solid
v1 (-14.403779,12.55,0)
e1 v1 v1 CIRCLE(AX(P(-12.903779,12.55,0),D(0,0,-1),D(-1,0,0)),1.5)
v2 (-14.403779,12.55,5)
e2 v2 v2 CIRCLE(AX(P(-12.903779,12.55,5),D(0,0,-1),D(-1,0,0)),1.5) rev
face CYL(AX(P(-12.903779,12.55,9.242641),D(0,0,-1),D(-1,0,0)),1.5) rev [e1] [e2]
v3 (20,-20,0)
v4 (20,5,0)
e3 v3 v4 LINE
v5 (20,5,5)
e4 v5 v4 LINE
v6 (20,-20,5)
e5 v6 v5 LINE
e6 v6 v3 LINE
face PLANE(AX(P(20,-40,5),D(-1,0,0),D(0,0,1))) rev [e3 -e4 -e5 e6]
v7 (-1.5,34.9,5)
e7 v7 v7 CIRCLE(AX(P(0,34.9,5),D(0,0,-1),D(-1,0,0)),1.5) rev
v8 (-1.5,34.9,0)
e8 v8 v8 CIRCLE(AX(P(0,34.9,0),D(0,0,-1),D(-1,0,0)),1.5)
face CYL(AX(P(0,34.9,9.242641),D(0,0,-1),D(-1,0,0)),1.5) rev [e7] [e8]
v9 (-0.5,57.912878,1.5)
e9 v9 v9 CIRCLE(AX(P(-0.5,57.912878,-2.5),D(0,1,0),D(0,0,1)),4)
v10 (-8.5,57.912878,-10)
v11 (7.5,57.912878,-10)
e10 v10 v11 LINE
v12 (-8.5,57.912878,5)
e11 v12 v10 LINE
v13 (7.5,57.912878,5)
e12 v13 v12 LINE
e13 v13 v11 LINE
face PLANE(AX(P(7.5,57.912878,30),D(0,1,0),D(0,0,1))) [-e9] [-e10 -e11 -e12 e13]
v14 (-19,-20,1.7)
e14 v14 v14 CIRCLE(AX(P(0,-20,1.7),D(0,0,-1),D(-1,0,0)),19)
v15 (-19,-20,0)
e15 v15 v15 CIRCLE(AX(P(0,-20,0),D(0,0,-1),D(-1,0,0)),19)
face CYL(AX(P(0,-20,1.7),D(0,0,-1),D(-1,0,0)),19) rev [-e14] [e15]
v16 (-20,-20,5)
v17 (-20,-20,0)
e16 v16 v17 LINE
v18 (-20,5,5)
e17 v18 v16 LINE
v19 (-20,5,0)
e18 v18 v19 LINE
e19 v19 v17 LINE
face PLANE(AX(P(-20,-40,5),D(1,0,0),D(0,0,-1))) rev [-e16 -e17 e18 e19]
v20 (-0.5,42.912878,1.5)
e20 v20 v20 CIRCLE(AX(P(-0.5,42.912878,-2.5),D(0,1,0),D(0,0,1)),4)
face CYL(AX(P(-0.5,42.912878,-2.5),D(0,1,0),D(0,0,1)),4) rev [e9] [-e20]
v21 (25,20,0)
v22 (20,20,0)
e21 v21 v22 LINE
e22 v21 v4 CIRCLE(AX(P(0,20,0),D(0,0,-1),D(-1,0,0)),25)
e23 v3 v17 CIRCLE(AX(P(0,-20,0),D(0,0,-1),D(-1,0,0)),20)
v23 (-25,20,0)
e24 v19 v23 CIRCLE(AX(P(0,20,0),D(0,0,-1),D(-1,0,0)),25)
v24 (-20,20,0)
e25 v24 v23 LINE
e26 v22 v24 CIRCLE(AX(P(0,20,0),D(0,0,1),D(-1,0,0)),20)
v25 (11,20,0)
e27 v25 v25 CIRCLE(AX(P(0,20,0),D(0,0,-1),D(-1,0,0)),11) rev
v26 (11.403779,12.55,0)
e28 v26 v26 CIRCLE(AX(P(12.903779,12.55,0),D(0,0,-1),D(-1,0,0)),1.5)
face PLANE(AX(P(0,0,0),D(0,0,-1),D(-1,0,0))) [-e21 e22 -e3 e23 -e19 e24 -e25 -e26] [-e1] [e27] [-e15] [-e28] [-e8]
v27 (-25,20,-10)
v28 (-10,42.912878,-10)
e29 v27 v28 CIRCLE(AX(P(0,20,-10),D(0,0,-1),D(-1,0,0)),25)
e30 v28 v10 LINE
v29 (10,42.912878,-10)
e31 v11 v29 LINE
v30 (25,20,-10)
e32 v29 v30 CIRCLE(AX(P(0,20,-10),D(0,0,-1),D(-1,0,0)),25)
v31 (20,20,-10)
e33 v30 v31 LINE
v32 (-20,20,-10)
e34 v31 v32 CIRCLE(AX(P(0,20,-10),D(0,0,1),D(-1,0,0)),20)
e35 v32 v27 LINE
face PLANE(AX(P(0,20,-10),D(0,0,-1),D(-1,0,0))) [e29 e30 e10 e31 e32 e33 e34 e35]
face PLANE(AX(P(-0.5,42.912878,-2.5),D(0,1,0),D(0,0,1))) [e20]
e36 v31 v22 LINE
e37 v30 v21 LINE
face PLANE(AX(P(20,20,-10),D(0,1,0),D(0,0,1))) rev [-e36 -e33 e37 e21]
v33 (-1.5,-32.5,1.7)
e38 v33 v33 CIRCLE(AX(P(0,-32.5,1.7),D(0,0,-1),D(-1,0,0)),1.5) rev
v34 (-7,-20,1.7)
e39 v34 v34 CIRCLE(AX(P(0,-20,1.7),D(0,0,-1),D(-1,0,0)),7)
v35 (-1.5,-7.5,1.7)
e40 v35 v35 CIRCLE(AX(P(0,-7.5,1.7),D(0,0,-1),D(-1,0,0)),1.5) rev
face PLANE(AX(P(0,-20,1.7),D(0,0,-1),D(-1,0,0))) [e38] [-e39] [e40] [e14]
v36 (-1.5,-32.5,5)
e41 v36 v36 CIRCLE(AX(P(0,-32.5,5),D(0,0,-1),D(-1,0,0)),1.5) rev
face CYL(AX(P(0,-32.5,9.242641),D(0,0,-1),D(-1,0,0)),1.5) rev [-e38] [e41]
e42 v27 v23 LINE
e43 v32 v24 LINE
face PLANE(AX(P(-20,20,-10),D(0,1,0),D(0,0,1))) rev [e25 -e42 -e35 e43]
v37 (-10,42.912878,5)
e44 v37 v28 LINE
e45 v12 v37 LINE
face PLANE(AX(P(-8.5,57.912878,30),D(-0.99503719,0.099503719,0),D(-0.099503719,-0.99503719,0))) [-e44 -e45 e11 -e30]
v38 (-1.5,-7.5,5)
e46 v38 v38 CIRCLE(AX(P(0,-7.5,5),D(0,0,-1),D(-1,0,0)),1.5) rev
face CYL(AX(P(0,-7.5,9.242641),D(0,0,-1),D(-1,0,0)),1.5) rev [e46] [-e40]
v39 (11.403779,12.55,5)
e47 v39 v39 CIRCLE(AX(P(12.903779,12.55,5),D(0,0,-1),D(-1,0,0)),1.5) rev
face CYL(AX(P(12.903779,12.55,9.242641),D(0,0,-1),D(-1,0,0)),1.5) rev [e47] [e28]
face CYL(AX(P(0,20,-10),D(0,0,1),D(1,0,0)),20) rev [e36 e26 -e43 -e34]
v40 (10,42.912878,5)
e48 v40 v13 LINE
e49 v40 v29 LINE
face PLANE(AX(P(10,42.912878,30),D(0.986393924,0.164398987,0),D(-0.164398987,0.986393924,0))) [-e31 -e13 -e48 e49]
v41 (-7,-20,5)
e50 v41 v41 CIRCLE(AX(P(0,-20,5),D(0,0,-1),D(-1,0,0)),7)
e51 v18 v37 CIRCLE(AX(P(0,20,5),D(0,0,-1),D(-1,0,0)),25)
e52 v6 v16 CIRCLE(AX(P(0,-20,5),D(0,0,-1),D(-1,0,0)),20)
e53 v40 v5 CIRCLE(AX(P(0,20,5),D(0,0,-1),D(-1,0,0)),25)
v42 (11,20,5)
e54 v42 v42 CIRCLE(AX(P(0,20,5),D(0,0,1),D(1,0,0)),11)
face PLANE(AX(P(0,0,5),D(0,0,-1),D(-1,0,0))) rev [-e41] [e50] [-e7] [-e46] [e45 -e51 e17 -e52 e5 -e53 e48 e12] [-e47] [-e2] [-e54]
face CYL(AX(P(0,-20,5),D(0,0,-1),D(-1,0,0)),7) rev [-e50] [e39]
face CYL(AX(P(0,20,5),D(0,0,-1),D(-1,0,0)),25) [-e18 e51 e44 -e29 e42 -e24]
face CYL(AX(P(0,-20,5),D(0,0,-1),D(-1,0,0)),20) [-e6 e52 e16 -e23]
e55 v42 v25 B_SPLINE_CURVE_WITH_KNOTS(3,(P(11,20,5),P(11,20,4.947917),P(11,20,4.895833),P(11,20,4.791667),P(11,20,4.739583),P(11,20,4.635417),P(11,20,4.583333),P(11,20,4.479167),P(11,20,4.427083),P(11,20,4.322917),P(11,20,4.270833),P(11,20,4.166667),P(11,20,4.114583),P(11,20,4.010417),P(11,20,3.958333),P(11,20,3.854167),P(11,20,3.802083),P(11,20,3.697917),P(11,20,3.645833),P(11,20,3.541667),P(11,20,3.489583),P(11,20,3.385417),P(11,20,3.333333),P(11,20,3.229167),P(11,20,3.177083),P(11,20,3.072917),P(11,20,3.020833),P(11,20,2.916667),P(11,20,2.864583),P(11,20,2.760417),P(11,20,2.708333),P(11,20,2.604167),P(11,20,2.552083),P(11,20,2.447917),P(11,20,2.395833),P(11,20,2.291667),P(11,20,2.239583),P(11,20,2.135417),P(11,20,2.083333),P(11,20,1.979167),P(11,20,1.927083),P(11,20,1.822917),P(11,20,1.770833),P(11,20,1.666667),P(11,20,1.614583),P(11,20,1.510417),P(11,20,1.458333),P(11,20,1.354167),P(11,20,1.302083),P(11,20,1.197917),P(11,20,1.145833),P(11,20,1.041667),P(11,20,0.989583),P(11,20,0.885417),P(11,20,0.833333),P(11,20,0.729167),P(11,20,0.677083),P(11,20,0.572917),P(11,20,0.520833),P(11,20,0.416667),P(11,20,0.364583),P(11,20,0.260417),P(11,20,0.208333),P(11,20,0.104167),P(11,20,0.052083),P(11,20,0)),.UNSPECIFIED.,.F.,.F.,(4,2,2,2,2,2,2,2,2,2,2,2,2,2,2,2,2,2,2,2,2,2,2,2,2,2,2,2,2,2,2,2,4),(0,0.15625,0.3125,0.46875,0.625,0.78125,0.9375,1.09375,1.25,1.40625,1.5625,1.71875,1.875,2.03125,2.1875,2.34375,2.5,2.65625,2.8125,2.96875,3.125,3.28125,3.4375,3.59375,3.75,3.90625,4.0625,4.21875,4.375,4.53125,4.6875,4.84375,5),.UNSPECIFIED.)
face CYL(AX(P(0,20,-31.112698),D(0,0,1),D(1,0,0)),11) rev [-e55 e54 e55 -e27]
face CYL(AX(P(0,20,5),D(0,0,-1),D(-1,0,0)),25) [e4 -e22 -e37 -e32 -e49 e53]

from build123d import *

# Parameters (mm, degrees)
SKETCH1_W           = 40
SKETCH1_H           = 80
BOSS_EXTRUDE1_DEPTH = 5
SKETCH2_R           = 11
CUT_EXTRUDE1_DEPTH  = 5
SKETCH3_R           = 1.5
CUT_EXTRUDE2_DEPTH  = 5
SKETCH4_R           = 1.5
CUT_EXTRUDE3_DEPTH  = 5
SKETCH6_R           = 19
CUT_EXTRUDE4_DEPTH  = 1.7
SKETCH7_R           = 7
CUT_EXTRUDE5_DEPTH  = 45.842948164
CUT_EXTRUDE6_DEPTH  = 46
BOSS_EXTRUDE2_DEPTH = 5
BOSS_EXTRUDE3_START = 10
BOSS_EXTRUDE3_DEPTH = 10
BOSS_EXTRUDE4_DEPTH = 15
SKETCH12_R          = 3
CUT_EXTRUDE7_DEPTH  = 15
SKETCH13_R          = 4
CUT_EXTRUDE8_DEPTH  = 15


with BuildPart() as part:
    # Sketch1 → Boss-Extrude1 (new body)
    with BuildSketch(Plane.XY):
        Rectangle(SKETCH1_W, SKETCH1_H)
    extrude(amount=BOSS_EXTRUDE1_DEPTH)

    # Sketch2 → Cut-Extrude1 (cut)
    with BuildSketch(Plane.XY.offset(5)):
        with Locations((0, 20)):
            Circle(SKETCH2_R)
    extrude(amount=-CUT_EXTRUDE1_DEPTH, mode=Mode.SUBTRACT)

    # Sketch3 → Cut-Extrude2 (cut)
    with BuildSketch(Plane(origin=(0, 0, 0), x_dir=(-1, 0, 0), z_dir=(0, 0, -1))):
        with Locations((0, 34.9)):
            Circle(SKETCH3_R)
        with Locations((12.903778516, 12.55)):
            Circle(SKETCH3_R)
        with Locations((-12.903778516, 12.55)):
            Circle(SKETCH3_R)
    extrude(amount=-CUT_EXTRUDE2_DEPTH, mode=Mode.SUBTRACT)

    # Sketch4 → Cut-Extrude3 (cut)
    with BuildSketch(Plane(origin=(0, 0, 0), x_dir=(-1, 0, 0), z_dir=(0, 0, -1))):
        with Locations((0, -7.5)):
            Circle(SKETCH4_R)
        with Locations((0, -32.5)):
            Circle(SKETCH4_R)
    extrude(amount=-CUT_EXTRUDE3_DEPTH, mode=Mode.SUBTRACT)

    # Sketch6 → Cut-Extrude4 (cut)
    with BuildSketch(Plane(origin=(0, 0, 0), x_dir=(-1, 0, 0), z_dir=(0, 0, -1))):
        with Locations((0, -20)):
            Circle(SKETCH6_R)
    extrude(amount=-CUT_EXTRUDE4_DEPTH, mode=Mode.SUBTRACT)

    # Sketch7 → Cut-Extrude5 (cut, through all)
    with BuildSketch(Plane(origin=(0, 0, 1.7), x_dir=(-1, 0, 0), z_dir=(0, 0, -1))):
        with Locations((0, -20)):
            Circle(SKETCH7_R)
    extrude(amount=-CUT_EXTRUDE5_DEPTH, mode=Mode.SUBTRACT)

    # Sketch8 → Cut-Extrude6 (cut, through all)
    with BuildSketch(Plane(origin=(0, 0, 0), x_dir=(-1, 0, 0), z_dir=(0, 0, -1))):
        with BuildLine():
            Line((-20, 40), (-20, 20))
            ThreePointArc((-20, 20), (-14.142135605, 34.142135642), (5.2e-08, 40))
            Line((5.2e-08, 40), (-20, 40))
        make_face()
        with BuildLine():
            Line((20, 40), (5.2e-08, 40))
            ThreePointArc((5.2e-08, 40), (14.142135642, 34.142135605), (20, 20))
            Line((20, 20), (20, 40))
        make_face()
        with BuildLine():
            ThreePointArc((-6e-09, -40), (-14.142135626, -34.142135622), (-20, -20))
            Line((-20, -20), (-20, -40))
            Line((-20, -40), (-6e-09, -40))
        make_face()
        with BuildLine():
            ThreePointArc((20, -20), (14.142135622, -34.142135626), (-6e-09, -40))
            Line((-6e-09, -40), (20, -40))
            Line((20, -40), (20, -20))
        make_face()
    extrude(amount=-CUT_EXTRUDE6_DEPTH, mode=Mode.SUBTRACT)

    # Sketch9 → Boss-Extrude2 (add)
    with BuildSketch(Plane(origin=(0, 0, 0), x_dir=(-1, 0, 0), z_dir=(0, 0, -1))):
        with BuildLine():
            Line((20, 20), (20, 5))
            ThreePointArc((20, 5), (0, 45), (-20, 5))
            Line((-20, 5), (-20, 20))
            ThreePointArc((-20, 20), (0, 40), (20, 20))
        make_face()
    extrude(amount=-BOSS_EXTRUDE2_DEPTH)

    # Sketch10 → Boss-Extrude3 (add)
    with BuildSketch(Plane(origin=(0, 0, 0), x_dir=(-1, 0, 0), z_dir=(0, 0, -1)).offset(BOSS_EXTRUDE3_START)):
        with BuildLine():
            Line((20, 20), (25, 20))
            ThreePointArc((25, 20), (0, 45), (-25, 20))
            Line((-25, 20), (-20, 20))
            ThreePointArc((-20, 20), (0, 40), (20, 20))
        make_face()
    extrude(amount=-BOSS_EXTRUDE3_DEPTH)

    # Sketch11 → Boss-Extrude4 (add)
    with BuildSketch(Plane(origin=(0, 0, -10), x_dir=(-1, 0, 0), z_dir=(0, 0, -1))):
        Polygon((-10, 42.912878475), (-7.5, 57.912878475), (8.5, 57.912878475), (10, 42.912878475), align=None)
    extrude(amount=-BOSS_EXTRUDE4_DEPTH)

    # Sketch12 → Cut-Extrude7 (cut)
    with BuildSketch(Plane(origin=(0, 57.912878475, 0), x_dir=(1, 0, 0), z_dir=(0, 1, 0))):
        with Locations(Location((-0.5, 2.5, 0), (0, 0, 270))):
            Circle(SKETCH12_R)
    extrude(amount=-CUT_EXTRUDE7_DEPTH, mode=Mode.SUBTRACT)

    # Sketch13 → Cut-Extrude8 (cut)
    with BuildSketch(Plane(origin=(0, 57.912878475, 0), x_dir=(1, 0, 0), z_dir=(0, 1, 0))):
        with Locations(Location((-0.5, 2.5, 0), (0, 0, 270))):
            Circle(SKETCH13_R)
    extrude(amount=-CUT_EXTRUDE8_DEPTH, mode=Mode.SUBTRACT)


solid = part.part
